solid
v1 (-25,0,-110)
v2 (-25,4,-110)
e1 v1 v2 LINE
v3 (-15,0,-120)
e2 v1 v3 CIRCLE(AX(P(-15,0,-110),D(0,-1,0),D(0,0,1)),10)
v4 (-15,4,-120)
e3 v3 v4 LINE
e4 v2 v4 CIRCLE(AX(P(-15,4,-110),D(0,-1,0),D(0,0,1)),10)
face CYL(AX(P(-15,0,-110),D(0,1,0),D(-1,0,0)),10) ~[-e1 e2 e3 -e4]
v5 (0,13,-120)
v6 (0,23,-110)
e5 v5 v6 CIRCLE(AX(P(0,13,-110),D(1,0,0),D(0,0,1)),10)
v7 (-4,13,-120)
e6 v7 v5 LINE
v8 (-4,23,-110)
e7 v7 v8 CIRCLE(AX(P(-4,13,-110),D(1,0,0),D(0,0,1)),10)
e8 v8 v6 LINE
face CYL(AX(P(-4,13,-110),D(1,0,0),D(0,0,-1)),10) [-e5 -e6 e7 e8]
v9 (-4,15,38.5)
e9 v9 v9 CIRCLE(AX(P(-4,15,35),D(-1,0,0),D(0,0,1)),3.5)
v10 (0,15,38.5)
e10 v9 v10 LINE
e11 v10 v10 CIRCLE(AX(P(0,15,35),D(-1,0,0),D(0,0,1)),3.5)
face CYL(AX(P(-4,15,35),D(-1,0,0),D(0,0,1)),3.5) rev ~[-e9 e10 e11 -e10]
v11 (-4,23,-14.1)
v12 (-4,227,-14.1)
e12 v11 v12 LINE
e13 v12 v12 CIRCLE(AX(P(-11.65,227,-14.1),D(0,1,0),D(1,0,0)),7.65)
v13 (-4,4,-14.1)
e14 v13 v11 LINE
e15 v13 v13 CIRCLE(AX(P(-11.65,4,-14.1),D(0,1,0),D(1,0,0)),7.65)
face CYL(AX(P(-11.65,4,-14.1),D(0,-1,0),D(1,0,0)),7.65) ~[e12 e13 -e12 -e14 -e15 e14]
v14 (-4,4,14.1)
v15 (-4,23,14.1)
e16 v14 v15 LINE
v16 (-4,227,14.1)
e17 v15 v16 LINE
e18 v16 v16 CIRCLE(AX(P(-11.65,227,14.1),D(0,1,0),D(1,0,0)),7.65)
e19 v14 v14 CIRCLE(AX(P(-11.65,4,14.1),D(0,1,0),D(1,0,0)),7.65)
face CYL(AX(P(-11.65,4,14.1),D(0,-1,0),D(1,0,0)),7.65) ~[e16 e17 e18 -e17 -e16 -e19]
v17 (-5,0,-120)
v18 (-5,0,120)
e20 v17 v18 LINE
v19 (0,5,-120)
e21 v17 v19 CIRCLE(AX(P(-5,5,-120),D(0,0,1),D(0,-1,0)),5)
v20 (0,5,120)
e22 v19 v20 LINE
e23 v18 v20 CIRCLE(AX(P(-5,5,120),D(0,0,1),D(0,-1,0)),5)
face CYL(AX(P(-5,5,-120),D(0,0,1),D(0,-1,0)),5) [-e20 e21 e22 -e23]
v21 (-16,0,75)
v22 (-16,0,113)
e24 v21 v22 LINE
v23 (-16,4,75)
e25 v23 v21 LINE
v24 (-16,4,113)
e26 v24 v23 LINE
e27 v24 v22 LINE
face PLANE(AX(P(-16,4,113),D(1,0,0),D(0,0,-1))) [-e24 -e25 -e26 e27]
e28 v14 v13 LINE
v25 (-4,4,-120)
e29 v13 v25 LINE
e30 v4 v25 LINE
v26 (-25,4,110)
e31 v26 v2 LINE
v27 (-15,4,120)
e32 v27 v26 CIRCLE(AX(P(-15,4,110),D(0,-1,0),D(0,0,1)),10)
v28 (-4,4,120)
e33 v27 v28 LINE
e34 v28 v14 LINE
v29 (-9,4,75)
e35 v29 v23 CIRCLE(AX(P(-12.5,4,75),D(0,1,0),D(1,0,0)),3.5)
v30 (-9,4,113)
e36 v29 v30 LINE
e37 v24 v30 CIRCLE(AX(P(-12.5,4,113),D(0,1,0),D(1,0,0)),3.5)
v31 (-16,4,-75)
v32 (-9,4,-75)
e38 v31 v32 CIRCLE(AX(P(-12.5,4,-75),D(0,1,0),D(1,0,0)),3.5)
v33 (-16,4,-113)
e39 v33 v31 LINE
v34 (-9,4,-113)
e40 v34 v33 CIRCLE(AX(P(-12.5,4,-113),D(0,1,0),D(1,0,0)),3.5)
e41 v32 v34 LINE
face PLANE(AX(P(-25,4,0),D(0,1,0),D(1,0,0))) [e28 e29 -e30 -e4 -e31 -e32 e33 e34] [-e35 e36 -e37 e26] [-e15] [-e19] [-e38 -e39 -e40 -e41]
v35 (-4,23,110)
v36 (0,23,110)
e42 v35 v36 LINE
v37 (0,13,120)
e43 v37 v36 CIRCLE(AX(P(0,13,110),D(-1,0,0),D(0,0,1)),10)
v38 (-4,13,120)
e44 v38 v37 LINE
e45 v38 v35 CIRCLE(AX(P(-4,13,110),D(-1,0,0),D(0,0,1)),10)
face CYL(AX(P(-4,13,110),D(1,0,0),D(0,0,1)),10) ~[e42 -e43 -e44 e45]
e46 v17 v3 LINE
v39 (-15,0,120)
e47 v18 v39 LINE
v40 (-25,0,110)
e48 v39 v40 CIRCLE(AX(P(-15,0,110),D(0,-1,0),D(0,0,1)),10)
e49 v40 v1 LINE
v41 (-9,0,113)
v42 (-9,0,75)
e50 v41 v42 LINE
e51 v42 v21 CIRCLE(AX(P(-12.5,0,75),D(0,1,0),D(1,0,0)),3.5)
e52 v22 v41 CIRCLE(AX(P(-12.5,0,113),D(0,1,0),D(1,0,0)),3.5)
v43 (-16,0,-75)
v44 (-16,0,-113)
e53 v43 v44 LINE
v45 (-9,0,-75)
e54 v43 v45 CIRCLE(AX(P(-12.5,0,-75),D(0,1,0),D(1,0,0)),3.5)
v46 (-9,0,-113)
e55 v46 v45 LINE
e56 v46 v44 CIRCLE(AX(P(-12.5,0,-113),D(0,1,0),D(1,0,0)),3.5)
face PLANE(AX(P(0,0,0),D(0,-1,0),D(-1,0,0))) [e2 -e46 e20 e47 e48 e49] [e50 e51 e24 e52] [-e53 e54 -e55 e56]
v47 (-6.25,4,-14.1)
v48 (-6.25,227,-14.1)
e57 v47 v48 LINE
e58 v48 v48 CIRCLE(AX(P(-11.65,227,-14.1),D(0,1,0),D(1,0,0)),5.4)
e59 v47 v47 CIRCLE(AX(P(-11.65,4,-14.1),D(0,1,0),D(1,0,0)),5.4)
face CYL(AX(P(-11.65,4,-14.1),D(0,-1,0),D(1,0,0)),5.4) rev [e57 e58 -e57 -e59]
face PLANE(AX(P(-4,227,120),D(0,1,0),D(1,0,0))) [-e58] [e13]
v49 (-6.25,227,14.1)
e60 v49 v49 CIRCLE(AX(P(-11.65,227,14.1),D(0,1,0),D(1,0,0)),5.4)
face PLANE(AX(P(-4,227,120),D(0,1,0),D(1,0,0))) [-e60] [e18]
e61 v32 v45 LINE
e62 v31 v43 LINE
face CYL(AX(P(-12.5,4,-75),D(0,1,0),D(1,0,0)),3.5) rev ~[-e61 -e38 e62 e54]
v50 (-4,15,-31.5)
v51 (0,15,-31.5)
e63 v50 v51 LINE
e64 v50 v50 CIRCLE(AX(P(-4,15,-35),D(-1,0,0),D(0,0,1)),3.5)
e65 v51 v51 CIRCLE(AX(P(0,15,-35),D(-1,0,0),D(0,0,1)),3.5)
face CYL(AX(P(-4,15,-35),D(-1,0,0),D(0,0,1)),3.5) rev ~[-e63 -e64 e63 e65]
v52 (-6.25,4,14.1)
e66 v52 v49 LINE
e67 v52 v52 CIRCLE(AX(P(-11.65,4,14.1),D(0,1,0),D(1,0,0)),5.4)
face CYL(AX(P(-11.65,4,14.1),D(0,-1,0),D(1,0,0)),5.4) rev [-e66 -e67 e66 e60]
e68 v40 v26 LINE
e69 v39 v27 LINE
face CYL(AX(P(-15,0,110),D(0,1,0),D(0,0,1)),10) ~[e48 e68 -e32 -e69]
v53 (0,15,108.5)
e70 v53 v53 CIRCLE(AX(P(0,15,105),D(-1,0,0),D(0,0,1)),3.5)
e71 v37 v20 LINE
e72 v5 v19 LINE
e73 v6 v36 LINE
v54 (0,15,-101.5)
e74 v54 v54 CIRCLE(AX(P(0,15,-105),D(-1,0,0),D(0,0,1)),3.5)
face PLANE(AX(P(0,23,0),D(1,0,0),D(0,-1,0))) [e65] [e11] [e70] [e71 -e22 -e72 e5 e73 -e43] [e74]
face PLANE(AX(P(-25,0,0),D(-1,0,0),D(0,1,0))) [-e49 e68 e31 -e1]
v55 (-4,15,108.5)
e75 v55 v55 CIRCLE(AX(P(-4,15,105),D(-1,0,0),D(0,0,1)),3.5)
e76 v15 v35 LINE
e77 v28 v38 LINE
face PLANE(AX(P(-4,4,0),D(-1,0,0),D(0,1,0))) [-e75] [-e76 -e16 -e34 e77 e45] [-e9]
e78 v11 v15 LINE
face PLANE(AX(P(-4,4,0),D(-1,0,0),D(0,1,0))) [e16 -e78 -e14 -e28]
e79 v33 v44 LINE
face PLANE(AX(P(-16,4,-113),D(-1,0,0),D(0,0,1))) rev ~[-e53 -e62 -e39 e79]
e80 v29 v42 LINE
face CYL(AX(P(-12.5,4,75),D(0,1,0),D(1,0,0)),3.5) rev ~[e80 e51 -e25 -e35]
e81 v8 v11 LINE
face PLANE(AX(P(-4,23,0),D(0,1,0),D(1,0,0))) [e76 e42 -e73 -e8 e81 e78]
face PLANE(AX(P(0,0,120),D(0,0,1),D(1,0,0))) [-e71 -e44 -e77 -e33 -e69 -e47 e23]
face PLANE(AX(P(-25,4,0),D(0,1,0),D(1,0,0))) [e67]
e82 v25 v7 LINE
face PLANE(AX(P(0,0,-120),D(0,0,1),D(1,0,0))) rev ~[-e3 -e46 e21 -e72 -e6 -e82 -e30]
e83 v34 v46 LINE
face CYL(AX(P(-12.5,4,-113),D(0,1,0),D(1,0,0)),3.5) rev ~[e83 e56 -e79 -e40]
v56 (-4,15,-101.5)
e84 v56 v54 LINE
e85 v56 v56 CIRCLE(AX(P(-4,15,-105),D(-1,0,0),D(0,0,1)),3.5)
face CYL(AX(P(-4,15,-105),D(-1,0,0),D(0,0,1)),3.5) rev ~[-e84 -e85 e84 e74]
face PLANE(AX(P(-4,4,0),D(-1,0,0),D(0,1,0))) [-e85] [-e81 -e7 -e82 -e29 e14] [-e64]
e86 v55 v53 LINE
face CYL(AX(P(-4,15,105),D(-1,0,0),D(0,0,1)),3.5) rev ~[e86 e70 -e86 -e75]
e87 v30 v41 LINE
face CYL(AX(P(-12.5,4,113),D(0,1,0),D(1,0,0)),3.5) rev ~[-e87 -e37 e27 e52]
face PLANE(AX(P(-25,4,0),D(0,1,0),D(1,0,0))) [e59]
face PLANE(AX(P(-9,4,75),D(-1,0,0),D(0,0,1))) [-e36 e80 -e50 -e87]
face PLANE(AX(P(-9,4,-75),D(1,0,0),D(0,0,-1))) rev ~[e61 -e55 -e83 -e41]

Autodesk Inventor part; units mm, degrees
ref_plane "YZ Plane" through (0, 0, 0) normal (1, 0, 0) x (0, 1, 0)
ref_plane "XZ Plane" through (0, 0, 0) normal (0, 1, 0) x (-1, 0, 0)
ref_plane "XY Plane" through (0, 0, 0) normal (0, 0, 1) x (1, 0, 0)
sketch "Sketch1" plane through (0, 0, 0) normal (0, 0, 1) x (1, 0, 0)
  line L0 (0, 0) -> (-25, 0)
  line L1 (-25, 0) -> (-25, 4)
  line L2 (-25, 4) -> (-4, 4)
  line L3 (-4, 4) -> (-4, 23)
  line L4 (-4, 23) -> (0, 23)
  line L5 (0, 23) -> (0, 0)
  dimension "d0" = 25
  dimension "d1" = 4
  dimension "d2" = 23
extrude "Extrusion1" add sketch "Sketch1" along normal mid plane 240
sketch "Sketch2" plane through (-4, 4, 120) normal (-1, 0, 0) x (0, 0, 1)
  circle A0 centre (-225, 11) radius 3.5
  line L0 (-240, 0) -> (-240, 19) projected
  line L1 (-240, 19) -> (0, 19) projected
  circle A1 centre (-155, 11) radius 3.5
  circle A2 centre (-85, 11) radius 3.5
  circle A3 centre (-15, 11) radius 3.5
  line L2 (0, 19) -> (0, 0) projected
  point P0 (-120, -4)
  dimension "d5" = 7
  dimension "d6" = 15
  dimension "d7" = 8
  dimension "d8" = 15
  dimension "d9" = 70
  dimension "d10" = 70
extrude "Extrusion2" cut sketch "Sketch2" against normal blind 10
sketch "Sketch3" plane through (-25, 4, 120) normal (0, 1, 0) x (1, 0, 0)
  circle A0 centre (12.5, 7) radius 3.5
  line L0 (0, 240) -> (0, 0) projected
  line L1 (21, 0) -> (0, 0) projected
  circle A1 centre (12.5, 45) radius 3.5
  line L2 (16, 45) -> (16, 7)
  line L3 (9, 7) -> (9, 45)
  line L4 (21, 240) -> (21, 0) construction
  line L5 (21, 120) -> (0, 120) construction
  circle A2 centre (12.5, 233) radius 3.5
  circle A3 centre (12.5, 195) radius 3.5
  line L6 (16, 195) -> (16, 233)
  line L7 (9, 233) -> (9, 195)
  point P0 (25, 120)
  dimension "d13" = 7
  dimension "d14" = 12.5
  dimension "d15" = 7
  dimension "d16" = 38
extrude "Extrusion3" cut sketch "Sketch3" against normal blind 10
fillet "Fillet1" radius 5 1 edges at (0, 0, 0)
fillet "Fillet2" radius 10 4 edges at (-2, 23, -120) (-25, 2, -120) (-25, 2, 120) (-2, 23, 120)
sketch "Sketch4" plane through (-4, 4, 120) normal (0, 1, 0) x (1, 0, 0)
  line L0 (4, 120) -> (-21, 120) construction
  line L1 (-21, 230) -> (-21, 10) construction
  line L2 (0, 230) -> (0, 10) projected
  circle A0 centre (-7.65, 105.9) radius 7.65
  circle A1 centre (-7.65, 134.1) radius 7.65
  line L3 (-7.65, 141.75) -> (-7.65, 98.25) construction
  circle A2 centre (-7.65, 134.1) radius 5.4
  circle A3 centre (-7.65, 105.9) radius 5.4
  line L4 (4, 10) -> (4, 230) construction
  point P0 (-7.65, 120)
  point P1 (4, 120)
  dimension "d21" = 15.3
  dimension "d22" = 10.8
  dimension "d23" = 10.8
  dimension "d24" = 43.5
extrude "Extrusion4" add sketch "Sketch4" along normal blind 223
equation "\"d8\" = d6"
equation "\"d10\" = d9"
properties part number "beugel armsteun" material "Stainless Steel"
